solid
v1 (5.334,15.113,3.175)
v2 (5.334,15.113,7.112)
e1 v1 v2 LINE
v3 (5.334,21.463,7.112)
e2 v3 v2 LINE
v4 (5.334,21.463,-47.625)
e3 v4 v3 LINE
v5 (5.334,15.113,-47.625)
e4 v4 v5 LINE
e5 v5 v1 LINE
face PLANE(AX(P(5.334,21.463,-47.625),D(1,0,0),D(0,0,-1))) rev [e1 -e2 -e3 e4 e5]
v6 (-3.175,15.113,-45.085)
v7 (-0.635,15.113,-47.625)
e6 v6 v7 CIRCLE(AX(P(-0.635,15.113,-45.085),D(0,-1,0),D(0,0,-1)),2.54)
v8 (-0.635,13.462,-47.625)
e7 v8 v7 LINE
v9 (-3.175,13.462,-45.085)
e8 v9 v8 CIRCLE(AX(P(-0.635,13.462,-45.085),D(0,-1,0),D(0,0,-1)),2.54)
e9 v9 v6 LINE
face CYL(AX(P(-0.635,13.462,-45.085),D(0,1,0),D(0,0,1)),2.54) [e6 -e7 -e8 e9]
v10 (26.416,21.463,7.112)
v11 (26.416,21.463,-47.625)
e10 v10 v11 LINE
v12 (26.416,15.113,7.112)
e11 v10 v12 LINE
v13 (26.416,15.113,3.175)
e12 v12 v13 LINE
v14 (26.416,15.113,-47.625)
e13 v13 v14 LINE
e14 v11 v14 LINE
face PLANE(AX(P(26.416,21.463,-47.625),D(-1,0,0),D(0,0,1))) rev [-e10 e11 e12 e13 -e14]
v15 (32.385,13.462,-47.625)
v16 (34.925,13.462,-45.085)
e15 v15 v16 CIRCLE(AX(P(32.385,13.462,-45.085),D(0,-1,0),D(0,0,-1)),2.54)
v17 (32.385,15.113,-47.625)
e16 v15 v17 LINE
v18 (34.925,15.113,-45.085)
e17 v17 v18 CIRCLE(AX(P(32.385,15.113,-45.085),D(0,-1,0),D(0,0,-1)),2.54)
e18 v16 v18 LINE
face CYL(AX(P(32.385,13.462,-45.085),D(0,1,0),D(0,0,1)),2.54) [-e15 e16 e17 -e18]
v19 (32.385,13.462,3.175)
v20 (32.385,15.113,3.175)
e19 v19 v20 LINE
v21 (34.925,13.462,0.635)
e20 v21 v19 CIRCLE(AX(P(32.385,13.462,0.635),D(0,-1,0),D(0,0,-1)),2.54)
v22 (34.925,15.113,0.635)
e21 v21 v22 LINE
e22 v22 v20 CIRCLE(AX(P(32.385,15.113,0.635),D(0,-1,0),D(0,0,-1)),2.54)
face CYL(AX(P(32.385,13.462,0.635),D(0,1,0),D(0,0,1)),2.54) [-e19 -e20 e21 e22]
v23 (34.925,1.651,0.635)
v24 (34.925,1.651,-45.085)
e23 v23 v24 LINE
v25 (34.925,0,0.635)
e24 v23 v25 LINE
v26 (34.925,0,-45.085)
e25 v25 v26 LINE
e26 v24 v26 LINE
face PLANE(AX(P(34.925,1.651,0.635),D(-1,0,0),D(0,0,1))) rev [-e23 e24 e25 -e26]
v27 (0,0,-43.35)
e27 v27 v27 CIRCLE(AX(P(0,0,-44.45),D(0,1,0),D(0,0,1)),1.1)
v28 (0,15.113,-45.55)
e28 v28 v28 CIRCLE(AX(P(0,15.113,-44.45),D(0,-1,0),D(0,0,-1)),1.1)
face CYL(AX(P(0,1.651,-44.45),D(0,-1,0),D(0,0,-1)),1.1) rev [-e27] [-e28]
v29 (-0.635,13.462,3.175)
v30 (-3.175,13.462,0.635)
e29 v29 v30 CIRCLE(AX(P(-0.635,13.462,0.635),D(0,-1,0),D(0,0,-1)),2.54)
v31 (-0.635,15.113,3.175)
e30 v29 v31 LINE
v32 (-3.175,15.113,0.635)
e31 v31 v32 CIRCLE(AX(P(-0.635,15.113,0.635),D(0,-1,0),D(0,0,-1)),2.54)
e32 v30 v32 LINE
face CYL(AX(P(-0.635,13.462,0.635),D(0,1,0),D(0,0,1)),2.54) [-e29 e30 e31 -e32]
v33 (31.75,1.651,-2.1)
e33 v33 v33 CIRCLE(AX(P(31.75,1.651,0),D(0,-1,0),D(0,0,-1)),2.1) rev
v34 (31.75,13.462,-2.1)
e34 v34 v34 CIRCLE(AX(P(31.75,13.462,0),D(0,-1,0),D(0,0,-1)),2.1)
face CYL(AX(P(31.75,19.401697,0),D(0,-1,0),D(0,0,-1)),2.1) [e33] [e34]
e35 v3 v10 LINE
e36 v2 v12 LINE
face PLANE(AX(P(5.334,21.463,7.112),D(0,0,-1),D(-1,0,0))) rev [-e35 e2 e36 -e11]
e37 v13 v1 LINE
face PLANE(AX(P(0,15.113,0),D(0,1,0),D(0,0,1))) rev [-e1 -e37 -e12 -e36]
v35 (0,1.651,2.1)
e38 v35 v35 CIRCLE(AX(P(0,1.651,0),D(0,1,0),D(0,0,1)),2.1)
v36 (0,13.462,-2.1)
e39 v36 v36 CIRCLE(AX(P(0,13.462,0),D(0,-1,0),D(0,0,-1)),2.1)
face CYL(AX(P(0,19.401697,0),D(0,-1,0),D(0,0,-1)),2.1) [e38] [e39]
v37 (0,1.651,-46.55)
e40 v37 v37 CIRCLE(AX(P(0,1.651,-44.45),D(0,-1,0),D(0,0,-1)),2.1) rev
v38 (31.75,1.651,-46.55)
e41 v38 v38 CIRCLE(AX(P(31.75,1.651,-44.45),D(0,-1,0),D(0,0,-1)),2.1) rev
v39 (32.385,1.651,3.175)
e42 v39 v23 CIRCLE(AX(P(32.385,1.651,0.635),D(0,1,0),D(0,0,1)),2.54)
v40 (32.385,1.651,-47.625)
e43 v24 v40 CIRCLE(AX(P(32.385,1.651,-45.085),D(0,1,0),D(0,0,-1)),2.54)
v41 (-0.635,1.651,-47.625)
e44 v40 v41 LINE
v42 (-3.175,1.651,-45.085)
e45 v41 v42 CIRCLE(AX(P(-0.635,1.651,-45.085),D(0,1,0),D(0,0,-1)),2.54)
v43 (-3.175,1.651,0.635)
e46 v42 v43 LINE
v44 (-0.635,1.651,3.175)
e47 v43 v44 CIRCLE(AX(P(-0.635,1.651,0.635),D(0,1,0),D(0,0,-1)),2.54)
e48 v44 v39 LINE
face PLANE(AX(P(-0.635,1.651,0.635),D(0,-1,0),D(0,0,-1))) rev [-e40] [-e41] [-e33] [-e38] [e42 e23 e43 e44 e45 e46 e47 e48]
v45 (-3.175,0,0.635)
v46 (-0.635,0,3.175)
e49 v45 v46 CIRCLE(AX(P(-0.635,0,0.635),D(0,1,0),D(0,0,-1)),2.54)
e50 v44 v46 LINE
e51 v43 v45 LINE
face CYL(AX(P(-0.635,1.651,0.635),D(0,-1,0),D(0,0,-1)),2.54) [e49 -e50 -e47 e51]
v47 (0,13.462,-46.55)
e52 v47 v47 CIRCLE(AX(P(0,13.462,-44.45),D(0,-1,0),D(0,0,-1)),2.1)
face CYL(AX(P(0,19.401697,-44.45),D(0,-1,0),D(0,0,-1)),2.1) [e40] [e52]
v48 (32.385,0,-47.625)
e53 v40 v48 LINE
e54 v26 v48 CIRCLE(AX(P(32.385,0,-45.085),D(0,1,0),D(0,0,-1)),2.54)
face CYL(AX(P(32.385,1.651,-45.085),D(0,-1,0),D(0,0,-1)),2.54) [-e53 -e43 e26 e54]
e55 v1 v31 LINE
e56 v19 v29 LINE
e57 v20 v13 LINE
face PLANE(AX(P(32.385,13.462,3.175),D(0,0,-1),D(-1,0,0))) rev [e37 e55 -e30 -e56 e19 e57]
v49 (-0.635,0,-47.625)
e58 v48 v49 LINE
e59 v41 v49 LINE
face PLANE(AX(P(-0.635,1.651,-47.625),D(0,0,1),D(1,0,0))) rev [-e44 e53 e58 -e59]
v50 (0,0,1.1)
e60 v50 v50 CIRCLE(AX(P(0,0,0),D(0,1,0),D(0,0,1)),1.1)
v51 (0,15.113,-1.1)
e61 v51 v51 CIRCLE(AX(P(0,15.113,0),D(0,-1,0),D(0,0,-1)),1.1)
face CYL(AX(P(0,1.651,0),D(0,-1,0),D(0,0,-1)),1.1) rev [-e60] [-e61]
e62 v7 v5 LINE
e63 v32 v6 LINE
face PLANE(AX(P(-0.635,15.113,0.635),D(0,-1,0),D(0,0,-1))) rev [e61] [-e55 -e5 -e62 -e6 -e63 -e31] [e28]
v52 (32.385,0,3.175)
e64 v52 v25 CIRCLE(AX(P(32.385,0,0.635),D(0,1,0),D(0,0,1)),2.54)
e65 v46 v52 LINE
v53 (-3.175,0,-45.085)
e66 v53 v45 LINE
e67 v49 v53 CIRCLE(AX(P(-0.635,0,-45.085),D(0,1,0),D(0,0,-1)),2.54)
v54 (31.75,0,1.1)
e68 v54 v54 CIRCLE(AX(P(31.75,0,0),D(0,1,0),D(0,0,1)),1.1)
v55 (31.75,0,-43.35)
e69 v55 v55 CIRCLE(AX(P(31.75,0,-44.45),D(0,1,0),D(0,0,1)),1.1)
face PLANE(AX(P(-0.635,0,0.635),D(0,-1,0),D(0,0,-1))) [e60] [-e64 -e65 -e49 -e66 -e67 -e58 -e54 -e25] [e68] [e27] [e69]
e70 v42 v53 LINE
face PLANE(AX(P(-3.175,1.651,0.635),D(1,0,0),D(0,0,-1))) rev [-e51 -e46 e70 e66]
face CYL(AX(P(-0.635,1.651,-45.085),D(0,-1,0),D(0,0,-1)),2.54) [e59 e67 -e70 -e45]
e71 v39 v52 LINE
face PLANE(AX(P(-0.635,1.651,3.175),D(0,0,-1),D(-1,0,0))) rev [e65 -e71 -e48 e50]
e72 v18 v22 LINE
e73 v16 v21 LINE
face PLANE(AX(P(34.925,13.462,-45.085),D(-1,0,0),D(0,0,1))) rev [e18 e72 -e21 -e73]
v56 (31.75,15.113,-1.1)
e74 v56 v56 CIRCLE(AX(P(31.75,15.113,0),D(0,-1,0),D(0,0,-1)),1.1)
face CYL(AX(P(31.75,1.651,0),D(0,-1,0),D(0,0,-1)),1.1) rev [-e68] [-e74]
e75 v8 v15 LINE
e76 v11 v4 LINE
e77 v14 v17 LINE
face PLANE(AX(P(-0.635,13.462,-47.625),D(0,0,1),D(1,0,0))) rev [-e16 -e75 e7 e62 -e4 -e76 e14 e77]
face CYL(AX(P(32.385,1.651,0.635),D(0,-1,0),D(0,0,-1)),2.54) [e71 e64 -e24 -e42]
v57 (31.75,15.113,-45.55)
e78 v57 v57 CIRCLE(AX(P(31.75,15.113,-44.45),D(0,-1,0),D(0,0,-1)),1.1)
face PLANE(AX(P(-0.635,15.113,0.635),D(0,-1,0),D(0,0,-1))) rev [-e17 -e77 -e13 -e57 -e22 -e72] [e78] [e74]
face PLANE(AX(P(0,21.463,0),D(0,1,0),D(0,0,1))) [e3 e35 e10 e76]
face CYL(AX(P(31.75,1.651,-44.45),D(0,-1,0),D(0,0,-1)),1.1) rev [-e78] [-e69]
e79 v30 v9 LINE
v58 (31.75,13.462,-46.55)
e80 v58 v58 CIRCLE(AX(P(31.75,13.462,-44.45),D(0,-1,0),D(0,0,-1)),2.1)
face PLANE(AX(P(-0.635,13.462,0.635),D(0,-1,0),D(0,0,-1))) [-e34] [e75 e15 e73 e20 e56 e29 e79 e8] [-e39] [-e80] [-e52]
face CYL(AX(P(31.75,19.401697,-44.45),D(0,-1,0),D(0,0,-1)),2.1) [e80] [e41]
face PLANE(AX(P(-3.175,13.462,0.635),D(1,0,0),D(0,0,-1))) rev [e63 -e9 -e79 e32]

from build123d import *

# Parameters (mm, degrees)
SKETCH1_R           = 1.1
BOSS_EXTRUDE1_DEPTH = 1.651
SKETCH2_R           = 1.1
BOSS_EXTRUDE2_DEPTH = 1.651
SKETCH3_R           = 2.1
SKETCH3_R_2         = 1.1
BOSS_EXTRUDE3_DEPTH = 11.811
SKETCH4_W           = 21.082
SKETCH4_H           = 54.737
BOSS_EXTRUDE4_DEPTH = 6.35


with BuildPart() as part:
    # Sketch1 → Boss-Extrude1 (new body)
    with BuildSketch(Plane(origin=(0, 0, 0), x_dir=(1, 0, 0), z_dir=(0, 1, 0))):
        with BuildLine():
            Line((-0.635, -3.175), (32.385, -3.175))
            ThreePointArc((32.385, -3.175), (34.181051224, -2.431051224), (34.925, -0.635))
            Line((34.925, -0.635), (34.925, 45.085))
            ThreePointArc((34.925, 45.085), (34.181051224, 46.881051224), (32.385, 47.625))
            Line((32.385, 47.625), (-0.635, 47.625))
            ThreePointArc((-0.635, 47.625), (-2.431051224, 46.881051224), (-3.175, 45.085))
            Line((-3.175, 45.085), (-3.175, -0.635))
            ThreePointArc((-3.175, -0.635), (-2.431051224, -2.431051224), (-0.635, -3.175))
        make_face()
        with Locations((0, 44.45)):
            Circle(SKETCH1_R, mode=Mode.SUBTRACT)
        with Locations((31.75, 44.45)):
            Circle(SKETCH1_R, mode=Mode.SUBTRACT)
        with Locations((31.75, 0)):
            Circle(SKETCH1_R, mode=Mode.SUBTRACT)
        Circle(SKETCH1_R, mode=Mode.SUBTRACT)
    extrude(amount=BOSS_EXTRUDE1_DEPTH)



with BuildPart() as body_2:
    # Sketch2 → Boss-Extrude2 (new body)
    with BuildSketch(Plane(origin=(0, 15.113, 0), x_dir=(-1, 0, 0), z_dir=(0, -1, 0))):
        with BuildLine():
            Line((3.175, -0.635), (3.175, 45.085))
            ThreePointArc((3.175, 45.085), (2.431051224, 46.881051224), (0.635, 47.625))
            Line((0.635, 47.625), (-32.385, 47.625))
            ThreePointArc((-32.385, 47.625), (-34.181051224, 46.881051224), (-34.925, 45.085))
            Line((-34.925, 45.085), (-34.925, -0.635))
            ThreePointArc((-34.925, -0.635), (-34.181051224, -2.431051224), (-32.385, -3.175))
            Line((-32.385, -3.175), (0.635, -3.175))
            ThreePointArc((0.635, -3.175), (2.431051224, -2.431051224), (3.175, -0.635))
        make_face()
        with Locations((-31.75, 44.45)):
            Circle(SKETCH2_R, mode=Mode.SUBTRACT)
        with Locations((0, 44.45)):
            Circle(SKETCH2_R, mode=Mode.SUBTRACT)
        with Locations((-31.75, 0)):
            Circle(SKETCH2_R, mode=Mode.SUBTRACT)
        Circle(SKETCH2_R, mode=Mode.SUBTRACT)
    extrude(amount=BOSS_EXTRUDE2_DEPTH)


with BuildPart() as part_1:
    add(part.part)

    add(body_2.part)  # Boss-Extrude3 merges body 2
    # Sketch3 → Boss-Extrude3 (add)
    with BuildSketch(Plane(origin=(0, 1.651, 0), x_dir=(1, 0, 0), z_dir=(0, 1, 0))):
        Circle(SKETCH3_R)
        Circle(SKETCH3_R_2, mode=Mode.SUBTRACT)
        with Locations((31.75, 0)):
            Circle(SKETCH3_R)
        with Locations((31.75, 0)):
            Circle(SKETCH3_R_2, mode=Mode.SUBTRACT)
        with Locations((31.75, 44.45)):
            Circle(SKETCH3_R)
        with Locations((31.75, 44.45)):
            Circle(SKETCH3_R_2, mode=Mode.SUBTRACT)
        with Locations((0, 44.45)):
            Circle(SKETCH3_R)
        with Locations((0, 44.45)):
            Circle(SKETCH3_R_2, mode=Mode.SUBTRACT)
    extrude(amount=BOSS_EXTRUDE3_DEPTH)

    # Sketch4 → Boss-Extrude4 (add)
    with BuildSketch(Plane(origin=(0, 15.113, 0), x_dir=(1, 0, 0), z_dir=(0, 1, 0))):
        with Locations((15.875, 20.2565)):
            Rectangle(SKETCH4_W, SKETCH4_H)
    extrude(amount=BOSS_EXTRUDE4_DEPTH)


solid = part_1.part
